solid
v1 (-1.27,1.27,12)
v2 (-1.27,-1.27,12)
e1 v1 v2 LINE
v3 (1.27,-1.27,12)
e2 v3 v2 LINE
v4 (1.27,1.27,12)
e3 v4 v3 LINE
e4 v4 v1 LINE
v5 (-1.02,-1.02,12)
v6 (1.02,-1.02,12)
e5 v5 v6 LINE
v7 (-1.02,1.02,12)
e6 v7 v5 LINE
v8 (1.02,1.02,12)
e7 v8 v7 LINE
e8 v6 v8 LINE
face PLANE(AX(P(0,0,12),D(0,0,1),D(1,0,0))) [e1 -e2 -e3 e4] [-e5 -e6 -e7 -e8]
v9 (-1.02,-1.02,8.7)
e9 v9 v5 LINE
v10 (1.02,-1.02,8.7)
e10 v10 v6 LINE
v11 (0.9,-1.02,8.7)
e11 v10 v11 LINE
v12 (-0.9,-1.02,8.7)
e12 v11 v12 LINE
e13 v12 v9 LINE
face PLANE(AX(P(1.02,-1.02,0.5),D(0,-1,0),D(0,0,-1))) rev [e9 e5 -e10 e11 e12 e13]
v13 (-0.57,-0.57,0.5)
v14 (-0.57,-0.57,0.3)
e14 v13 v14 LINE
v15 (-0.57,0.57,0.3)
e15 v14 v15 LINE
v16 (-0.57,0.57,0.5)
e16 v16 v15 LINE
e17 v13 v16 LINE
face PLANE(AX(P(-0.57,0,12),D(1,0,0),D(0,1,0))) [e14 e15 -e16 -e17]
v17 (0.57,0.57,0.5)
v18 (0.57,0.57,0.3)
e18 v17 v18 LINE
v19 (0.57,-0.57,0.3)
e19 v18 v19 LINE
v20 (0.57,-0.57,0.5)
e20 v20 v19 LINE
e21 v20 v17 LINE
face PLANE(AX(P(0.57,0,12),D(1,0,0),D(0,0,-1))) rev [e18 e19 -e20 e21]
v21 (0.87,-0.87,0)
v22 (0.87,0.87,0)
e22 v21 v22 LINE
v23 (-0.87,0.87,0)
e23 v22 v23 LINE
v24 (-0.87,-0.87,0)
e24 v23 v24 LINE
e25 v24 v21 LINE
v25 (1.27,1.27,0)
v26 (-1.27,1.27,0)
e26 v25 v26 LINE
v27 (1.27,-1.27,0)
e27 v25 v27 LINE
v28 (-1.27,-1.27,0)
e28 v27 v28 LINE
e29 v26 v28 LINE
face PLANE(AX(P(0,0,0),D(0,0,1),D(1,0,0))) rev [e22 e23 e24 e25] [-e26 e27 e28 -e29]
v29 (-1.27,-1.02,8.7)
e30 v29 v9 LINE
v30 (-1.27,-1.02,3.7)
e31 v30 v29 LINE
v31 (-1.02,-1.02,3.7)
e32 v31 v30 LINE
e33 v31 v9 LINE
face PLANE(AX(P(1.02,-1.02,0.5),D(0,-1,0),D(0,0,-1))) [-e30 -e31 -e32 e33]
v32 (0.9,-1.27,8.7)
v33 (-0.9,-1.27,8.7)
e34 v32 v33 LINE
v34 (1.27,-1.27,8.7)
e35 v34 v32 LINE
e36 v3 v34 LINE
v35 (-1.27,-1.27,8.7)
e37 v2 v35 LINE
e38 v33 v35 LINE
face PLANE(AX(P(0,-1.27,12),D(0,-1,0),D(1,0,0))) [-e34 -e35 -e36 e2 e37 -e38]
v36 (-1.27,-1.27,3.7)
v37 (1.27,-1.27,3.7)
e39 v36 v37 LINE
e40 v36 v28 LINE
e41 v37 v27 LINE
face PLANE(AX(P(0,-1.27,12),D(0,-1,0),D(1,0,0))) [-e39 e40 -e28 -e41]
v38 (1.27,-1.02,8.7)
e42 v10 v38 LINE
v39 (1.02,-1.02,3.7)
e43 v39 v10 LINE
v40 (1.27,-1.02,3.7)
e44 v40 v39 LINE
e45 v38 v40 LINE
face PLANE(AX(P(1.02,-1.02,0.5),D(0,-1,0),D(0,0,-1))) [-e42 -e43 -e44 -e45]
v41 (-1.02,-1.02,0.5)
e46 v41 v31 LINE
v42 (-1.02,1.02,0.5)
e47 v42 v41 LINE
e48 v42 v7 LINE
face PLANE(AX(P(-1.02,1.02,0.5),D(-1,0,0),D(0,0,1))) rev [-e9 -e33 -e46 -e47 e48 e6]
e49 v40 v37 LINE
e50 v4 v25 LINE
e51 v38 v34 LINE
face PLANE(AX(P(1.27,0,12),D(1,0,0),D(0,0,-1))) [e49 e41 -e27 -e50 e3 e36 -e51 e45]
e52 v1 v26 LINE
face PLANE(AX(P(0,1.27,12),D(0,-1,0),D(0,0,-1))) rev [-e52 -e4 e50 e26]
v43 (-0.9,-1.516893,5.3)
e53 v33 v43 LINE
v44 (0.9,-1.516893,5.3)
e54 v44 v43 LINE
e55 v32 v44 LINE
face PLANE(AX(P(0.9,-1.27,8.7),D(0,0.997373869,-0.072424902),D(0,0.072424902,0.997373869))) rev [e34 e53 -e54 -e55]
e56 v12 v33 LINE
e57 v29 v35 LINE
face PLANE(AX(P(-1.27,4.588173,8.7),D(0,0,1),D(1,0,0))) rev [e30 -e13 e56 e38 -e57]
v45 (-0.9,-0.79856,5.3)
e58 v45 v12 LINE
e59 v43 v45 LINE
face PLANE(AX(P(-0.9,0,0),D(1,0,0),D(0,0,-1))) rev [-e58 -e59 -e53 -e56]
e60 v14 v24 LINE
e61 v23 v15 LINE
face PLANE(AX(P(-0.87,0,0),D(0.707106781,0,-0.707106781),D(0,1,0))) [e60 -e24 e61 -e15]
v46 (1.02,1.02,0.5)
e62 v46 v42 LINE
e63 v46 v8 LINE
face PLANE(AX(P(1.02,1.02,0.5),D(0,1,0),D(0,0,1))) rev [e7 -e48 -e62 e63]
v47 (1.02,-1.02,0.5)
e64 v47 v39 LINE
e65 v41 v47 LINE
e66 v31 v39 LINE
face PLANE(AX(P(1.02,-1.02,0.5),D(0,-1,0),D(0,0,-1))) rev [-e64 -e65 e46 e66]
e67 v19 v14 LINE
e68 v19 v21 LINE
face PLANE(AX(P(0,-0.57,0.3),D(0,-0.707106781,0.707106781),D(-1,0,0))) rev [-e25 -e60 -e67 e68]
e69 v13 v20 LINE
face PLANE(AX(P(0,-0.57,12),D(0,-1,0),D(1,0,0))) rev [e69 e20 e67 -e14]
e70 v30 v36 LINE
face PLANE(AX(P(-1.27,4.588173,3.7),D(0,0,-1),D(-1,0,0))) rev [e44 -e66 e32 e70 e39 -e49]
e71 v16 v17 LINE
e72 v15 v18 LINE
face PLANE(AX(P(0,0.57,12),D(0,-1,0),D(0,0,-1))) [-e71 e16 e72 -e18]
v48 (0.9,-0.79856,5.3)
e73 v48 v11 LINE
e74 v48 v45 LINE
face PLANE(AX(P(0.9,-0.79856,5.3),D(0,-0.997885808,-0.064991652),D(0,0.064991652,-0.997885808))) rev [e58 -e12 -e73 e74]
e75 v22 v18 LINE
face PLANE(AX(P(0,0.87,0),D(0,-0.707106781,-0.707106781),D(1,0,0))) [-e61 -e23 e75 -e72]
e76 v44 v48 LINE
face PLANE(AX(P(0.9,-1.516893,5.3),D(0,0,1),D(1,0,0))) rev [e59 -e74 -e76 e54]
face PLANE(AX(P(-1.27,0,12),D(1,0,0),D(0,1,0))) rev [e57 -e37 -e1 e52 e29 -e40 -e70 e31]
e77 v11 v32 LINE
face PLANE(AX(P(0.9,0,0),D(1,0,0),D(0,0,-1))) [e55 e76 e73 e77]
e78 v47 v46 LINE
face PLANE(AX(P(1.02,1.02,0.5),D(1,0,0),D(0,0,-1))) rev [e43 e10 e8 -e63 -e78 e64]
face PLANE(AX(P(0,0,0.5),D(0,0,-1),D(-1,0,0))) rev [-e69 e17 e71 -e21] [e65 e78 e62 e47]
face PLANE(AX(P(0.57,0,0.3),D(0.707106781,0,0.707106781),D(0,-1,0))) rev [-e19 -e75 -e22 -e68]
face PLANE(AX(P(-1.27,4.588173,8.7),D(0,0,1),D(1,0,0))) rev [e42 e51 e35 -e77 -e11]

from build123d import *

# Parameters (mm, degrees)
SKETCH1_W           = 2.54
SKETCH1_H           = 2.54
SKETCH1_W_2         = 1.14
SKETCH1_H_2         = 1.14
BOSS_EXTRUDE1_DEPTH = 12
SKETCH2_W           = 2.04
SKETCH2_H           = 2.04
CUT_EXTRUDE1_DEPTH  = 11.5
CHAMFER1_SIZE       = 0.3
SKETCH3_W           = 2.54
SKETCH3_H           = 5
CUT_EXTRUDE2_DEPTH  = 0.25
BOSS_EXTRUDE2_DEPTH = 0.9


with BuildPart() as part:
    # Sketch1 → Boss-Extrude1 (new body)
    with BuildSketch(Plane.XY):
        Rectangle(SKETCH1_W, SKETCH1_H)
        Rectangle(SKETCH1_W_2, SKETCH1_H_2, mode=Mode.SUBTRACT)
    extrude(amount=BOSS_EXTRUDE1_DEPTH)

    # Sketch2 → Cut-Extrude1 (cut)
    with BuildSketch(Plane.XY.offset(12)):
        Rectangle(SKETCH2_W, SKETCH2_H)
    extrude(amount=-CUT_EXTRUDE1_DEPTH, mode=Mode.SUBTRACT)

    # Chamfer1
    chamfer1_edges = [part.edges().sort_by_distance(p)[0] for p in [
        (0.57, 0, 0),
        (0, 0.57, 0),
        (-0.57, 0, 0),
        (0, -0.57, 0),
    ]]
    chamfer(chamfer1_edges, length=CHAMFER1_SIZE)

    # Sketch3 → Cut-Extrude2 (cut)
    with BuildSketch(Plane.XZ.offset(1.27)):
        with Locations((0, 6.2)):
            Rectangle(SKETCH3_W, SKETCH3_H)
    extrude(amount=-CUT_EXTRUDE2_DEPTH, mode=Mode.SUBTRACT)

    # Sketch4 → Boss-Extrude2 (add, symmetric)
    with BuildSketch(Plane(origin=(0, 0, 0), x_dir=(0, 0, -1), z_dir=(1, 0, 0))):
        Polygon((-5.3, -1.51689304), (-5.3, -0.798560217), (-8.7, -1.02), (-8.7, -1.27), align=None)
    extrude(amount=BOSS_EXTRUDE2_DEPTH, both=True)


solid = part.part
